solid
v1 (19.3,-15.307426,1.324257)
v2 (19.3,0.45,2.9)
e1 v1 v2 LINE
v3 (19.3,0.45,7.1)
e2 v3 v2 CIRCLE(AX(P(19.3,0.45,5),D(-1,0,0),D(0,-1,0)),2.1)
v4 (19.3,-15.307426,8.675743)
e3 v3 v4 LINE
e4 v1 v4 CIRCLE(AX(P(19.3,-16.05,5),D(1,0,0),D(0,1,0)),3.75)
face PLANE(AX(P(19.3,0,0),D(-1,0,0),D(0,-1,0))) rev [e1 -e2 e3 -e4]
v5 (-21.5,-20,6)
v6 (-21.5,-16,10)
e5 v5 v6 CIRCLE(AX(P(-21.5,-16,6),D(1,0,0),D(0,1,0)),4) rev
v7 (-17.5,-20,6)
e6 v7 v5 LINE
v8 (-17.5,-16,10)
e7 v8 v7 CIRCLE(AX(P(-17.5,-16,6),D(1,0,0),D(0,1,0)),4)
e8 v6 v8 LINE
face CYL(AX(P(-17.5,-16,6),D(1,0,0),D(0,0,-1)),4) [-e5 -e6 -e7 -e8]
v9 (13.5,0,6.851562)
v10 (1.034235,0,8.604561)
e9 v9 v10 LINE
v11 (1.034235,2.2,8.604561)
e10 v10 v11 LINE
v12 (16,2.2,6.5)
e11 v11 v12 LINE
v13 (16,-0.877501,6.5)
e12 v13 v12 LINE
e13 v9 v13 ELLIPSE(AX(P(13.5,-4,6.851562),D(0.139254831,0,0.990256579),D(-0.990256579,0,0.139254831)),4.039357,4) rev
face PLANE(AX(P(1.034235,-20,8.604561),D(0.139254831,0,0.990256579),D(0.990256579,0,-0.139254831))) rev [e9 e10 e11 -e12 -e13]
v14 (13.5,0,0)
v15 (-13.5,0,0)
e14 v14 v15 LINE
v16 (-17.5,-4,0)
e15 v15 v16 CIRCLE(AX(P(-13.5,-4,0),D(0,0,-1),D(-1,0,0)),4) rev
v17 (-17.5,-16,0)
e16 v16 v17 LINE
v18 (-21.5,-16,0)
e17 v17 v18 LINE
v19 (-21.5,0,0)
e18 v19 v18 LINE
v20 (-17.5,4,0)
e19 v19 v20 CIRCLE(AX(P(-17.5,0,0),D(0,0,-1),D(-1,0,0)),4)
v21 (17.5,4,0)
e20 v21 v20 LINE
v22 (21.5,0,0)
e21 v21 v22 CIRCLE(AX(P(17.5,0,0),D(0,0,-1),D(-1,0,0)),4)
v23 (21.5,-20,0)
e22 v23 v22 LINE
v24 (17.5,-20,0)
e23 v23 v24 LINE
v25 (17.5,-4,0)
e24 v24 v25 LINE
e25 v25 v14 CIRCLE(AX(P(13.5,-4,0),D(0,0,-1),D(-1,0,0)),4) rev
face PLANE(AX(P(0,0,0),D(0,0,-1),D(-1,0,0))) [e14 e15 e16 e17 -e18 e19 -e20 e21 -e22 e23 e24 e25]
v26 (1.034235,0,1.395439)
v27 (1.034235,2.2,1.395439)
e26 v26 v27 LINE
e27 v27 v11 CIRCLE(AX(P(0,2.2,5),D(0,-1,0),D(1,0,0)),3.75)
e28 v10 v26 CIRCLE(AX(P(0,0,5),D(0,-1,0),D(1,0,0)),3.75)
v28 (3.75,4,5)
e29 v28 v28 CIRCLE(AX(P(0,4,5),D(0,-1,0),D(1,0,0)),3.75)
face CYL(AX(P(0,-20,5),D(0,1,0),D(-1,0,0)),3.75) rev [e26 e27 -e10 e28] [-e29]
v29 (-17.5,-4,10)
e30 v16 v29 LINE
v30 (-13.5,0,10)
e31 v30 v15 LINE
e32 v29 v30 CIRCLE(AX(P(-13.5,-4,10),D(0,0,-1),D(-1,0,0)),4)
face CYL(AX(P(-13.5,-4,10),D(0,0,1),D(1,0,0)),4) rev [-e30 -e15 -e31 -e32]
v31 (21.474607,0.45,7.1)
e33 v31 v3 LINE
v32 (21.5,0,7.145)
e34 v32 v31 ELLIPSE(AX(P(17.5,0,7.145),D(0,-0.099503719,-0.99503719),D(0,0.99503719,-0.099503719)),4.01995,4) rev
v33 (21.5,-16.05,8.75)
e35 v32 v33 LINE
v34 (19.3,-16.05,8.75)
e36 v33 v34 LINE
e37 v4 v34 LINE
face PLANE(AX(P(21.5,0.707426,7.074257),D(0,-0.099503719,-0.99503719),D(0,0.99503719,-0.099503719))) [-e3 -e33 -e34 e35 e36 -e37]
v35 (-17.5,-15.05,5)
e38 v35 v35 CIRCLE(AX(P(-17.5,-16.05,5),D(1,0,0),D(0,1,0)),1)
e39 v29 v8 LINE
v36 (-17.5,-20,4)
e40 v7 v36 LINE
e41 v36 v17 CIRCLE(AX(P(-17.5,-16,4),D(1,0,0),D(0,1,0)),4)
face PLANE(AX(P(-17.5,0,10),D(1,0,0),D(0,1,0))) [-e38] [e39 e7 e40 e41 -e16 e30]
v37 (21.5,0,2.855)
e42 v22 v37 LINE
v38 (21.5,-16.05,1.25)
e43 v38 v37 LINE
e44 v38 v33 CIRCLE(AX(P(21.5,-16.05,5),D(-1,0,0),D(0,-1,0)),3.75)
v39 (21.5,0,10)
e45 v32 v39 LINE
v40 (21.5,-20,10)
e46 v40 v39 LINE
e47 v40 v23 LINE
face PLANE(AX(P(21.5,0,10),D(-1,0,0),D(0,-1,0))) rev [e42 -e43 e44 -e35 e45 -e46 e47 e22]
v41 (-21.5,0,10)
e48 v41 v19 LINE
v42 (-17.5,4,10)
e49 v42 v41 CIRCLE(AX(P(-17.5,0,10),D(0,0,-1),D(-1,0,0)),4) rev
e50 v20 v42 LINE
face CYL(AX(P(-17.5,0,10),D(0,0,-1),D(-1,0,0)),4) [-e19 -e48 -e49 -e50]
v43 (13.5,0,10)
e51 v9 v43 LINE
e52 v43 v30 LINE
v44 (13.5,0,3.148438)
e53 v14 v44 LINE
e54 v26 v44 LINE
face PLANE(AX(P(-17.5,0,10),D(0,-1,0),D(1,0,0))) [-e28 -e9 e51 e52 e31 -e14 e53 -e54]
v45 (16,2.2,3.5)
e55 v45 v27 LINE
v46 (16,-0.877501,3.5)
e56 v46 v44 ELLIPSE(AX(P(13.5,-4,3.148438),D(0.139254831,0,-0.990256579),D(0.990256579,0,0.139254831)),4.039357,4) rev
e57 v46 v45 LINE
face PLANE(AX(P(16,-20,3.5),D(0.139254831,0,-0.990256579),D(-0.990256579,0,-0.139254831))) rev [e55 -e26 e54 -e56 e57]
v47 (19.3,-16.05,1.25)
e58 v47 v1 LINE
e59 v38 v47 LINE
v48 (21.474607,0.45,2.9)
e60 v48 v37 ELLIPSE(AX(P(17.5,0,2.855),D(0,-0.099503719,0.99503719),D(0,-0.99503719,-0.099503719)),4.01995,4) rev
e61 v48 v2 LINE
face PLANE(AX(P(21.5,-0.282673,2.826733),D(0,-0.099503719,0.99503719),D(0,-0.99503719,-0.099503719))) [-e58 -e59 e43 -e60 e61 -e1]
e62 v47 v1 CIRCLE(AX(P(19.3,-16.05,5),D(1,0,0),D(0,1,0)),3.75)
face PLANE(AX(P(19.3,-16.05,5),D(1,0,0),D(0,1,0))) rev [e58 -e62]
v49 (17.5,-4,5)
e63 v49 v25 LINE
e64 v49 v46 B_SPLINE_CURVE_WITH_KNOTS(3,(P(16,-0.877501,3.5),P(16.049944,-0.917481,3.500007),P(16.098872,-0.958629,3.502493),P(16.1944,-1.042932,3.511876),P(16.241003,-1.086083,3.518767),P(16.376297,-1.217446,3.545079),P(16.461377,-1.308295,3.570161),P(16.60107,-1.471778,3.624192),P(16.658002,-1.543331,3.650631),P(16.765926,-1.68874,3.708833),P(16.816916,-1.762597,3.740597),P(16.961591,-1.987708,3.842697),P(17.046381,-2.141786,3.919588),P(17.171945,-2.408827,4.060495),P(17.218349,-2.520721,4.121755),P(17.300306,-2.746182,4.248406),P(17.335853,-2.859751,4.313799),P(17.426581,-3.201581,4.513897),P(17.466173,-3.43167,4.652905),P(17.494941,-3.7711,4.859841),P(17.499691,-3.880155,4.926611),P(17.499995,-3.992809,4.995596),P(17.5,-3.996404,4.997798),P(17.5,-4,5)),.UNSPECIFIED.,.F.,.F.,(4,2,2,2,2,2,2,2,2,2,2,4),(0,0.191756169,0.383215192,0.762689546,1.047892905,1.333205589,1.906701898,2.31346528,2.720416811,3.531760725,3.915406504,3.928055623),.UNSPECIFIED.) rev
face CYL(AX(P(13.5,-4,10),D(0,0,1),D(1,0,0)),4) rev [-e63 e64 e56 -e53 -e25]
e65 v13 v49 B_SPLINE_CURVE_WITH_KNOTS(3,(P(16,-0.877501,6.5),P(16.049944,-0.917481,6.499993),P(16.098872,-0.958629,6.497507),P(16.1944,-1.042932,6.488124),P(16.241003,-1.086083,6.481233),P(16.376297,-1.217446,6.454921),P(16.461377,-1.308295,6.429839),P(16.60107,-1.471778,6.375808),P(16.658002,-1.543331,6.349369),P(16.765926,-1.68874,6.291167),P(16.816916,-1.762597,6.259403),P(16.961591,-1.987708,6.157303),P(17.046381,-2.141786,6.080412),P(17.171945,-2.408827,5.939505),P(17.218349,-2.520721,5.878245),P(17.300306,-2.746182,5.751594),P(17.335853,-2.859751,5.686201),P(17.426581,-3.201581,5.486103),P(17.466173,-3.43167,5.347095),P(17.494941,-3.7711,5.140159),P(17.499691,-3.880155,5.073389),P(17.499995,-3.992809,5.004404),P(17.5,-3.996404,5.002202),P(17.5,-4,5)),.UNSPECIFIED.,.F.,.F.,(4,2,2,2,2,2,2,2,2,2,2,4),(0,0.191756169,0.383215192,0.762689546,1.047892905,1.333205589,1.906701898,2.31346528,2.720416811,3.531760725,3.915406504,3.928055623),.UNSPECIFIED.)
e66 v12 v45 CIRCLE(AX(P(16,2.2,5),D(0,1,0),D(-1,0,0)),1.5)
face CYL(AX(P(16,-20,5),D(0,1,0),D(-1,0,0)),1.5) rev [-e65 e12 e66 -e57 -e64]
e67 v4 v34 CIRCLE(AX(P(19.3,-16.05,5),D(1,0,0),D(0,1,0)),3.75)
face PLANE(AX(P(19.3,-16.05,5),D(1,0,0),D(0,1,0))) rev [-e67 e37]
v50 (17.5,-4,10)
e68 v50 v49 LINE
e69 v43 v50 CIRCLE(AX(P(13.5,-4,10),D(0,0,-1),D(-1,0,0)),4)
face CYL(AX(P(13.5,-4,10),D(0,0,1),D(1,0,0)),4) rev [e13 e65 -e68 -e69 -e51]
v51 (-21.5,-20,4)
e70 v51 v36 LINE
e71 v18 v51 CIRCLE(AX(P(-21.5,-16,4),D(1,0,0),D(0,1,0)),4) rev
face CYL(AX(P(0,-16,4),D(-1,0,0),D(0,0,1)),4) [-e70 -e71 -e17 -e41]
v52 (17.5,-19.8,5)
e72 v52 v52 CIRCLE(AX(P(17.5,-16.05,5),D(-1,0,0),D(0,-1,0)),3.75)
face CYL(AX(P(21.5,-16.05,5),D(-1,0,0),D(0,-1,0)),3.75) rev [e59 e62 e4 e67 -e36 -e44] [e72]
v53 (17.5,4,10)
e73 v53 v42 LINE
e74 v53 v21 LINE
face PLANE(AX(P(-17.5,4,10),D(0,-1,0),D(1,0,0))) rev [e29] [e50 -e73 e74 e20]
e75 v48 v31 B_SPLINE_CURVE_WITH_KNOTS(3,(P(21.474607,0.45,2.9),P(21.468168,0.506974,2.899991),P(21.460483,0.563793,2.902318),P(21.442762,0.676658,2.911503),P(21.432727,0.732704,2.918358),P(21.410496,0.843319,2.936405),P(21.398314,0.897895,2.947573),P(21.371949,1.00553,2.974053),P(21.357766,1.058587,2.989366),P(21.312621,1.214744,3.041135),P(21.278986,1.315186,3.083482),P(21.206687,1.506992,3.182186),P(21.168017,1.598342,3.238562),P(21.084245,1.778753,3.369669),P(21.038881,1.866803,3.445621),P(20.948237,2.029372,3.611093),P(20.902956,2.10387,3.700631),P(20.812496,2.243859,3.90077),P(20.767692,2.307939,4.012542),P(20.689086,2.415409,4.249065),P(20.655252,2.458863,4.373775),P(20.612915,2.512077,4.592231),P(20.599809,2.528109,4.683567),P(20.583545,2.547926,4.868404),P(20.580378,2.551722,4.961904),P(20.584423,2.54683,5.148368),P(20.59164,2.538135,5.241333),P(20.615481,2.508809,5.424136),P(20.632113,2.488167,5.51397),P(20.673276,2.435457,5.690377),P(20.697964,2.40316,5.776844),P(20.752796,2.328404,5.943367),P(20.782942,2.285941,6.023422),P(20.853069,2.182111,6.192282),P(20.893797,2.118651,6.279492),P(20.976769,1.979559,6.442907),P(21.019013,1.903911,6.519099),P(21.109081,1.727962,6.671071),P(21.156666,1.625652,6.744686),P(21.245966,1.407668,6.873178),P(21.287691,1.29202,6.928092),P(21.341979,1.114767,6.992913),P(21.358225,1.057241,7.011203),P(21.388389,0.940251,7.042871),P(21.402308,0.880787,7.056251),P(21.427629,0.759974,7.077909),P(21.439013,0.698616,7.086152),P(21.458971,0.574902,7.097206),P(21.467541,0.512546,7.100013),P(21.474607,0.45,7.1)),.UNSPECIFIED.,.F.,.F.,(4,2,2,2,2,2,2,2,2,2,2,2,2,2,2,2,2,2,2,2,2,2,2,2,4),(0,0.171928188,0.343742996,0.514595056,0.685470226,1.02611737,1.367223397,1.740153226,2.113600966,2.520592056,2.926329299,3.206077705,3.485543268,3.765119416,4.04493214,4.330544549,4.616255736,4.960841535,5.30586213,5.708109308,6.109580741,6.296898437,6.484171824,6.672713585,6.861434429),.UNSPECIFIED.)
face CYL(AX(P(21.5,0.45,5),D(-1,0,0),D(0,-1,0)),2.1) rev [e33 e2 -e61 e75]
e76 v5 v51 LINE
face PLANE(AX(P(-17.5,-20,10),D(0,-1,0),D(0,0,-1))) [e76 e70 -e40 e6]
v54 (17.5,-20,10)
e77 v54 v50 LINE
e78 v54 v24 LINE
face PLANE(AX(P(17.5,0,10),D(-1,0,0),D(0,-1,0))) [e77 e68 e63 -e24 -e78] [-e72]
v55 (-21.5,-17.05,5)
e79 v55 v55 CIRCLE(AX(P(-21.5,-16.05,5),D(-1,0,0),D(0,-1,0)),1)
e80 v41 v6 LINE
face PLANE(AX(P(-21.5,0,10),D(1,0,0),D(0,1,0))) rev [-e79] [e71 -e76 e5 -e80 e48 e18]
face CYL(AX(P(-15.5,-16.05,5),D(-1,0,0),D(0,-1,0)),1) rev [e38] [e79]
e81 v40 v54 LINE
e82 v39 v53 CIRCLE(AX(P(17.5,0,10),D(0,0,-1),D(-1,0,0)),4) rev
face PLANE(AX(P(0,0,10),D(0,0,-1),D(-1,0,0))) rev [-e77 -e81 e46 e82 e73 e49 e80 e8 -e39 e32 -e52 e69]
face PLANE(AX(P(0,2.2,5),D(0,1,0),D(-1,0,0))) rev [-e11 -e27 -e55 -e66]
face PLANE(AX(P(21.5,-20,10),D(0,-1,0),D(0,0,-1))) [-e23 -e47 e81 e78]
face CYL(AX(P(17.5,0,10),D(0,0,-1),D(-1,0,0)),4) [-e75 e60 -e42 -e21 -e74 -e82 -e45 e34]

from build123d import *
from build123d.topology import SkipClean

# Parameters (mm, degrees)
EXTRUDE_THIN1_DEPTH = 10
FILLET1_R           = 4
CUT_EXTRUDE1_START  = -1.8
CUT_EXTRUDE1_DEPTH  = 44.155533586
CUT_EXTRUDE7_START  = -10
SKETCH10_R          = 3.75
CUT_EXTRUDE7_DEPTH  = 10
SKETCH4_R           = 1
CUT_EXTRUDE2_DEPTH  = 6
FILLET2_R           = 4
CUT_EXTRUDE5_START  = -1.8
CUT_EXTRUDE5_DEPTH  = 32.937960909
CUT_EXTRUDE9_START  = -10
SKETCH12_R          = 3.75
CUT_EXTRUDE9_DEPTH  = 10


with BuildPart() as part:
    # Sketch1 → Extrude-Thin1 (new body)
    with BuildSketch(Plane.XY):
        Polygon((-17.5, -20), (-17.5, 0), (17.5, 0), (17.5, -20), (21.5, -20), (21.5, 4), (-21.5, 4), (-21.5, -20), align=None)
    extrude(amount=EXTRUDE_THIN1_DEPTH)

    # Fillet1
    fillet1_edges = [part.edges().sort_by_distance(p)[0] for p in [
        (-21.5, 4, 5),
        (21.5, 4, 5),
        (17.5, 0, 5),
        (-17.5, 0, 5),
    ]]
    fillet(fillet1_edges, radius=FILLET1_R)

    # Sketch3 → Cut-Extrude1 (cut, through all)
    with BuildSketch(Plane.ZY.offset(-17.5).offset(CUT_EXTRUDE1_START)):
        with BuildLine():
            Line((1.324257426, -15.307425743), (1.25, -16.05))
            ThreePointArc((1.25, -16.05), (5, -19.8), (8.75, -16.05))
            Line((8.75, -16.05), (8.675742574, -15.307425743))
            Line((8.675742574, -15.307425743), (7.545, -4))
            Line((7.545, -4), (2.455, -4))
            Line((2.455, -4), (1.324257426, -15.307425743))
        make_face()
        with BuildLine():
            Line((2.9, 0.45), (2.455, -4))
            Line((2.455, -4), (7.545, -4))
            Line((7.545, -4), (7.1, 0.45))
            ThreePointArc((7.1, 0.45), (5, 2.55), (2.9, 0.45))
        make_face()
    extrude(amount=-CUT_EXTRUDE1_DEPTH, mode=Mode.SUBTRACT)

    # Sketch10 → Cut-Extrude7 (cut)
    with BuildSketch(Plane(origin=(19.3, 0, 0), x_dir=(0, 0, -1), z_dir=(1, 0, 0)).offset(CUT_EXTRUDE7_START)):
        with Locations(Location((-5, -16.05, 0), (0, 0, 270))):
            Circle(SKETCH10_R)
    extrude(amount=CUT_EXTRUDE7_DEPTH, mode=Mode.SUBTRACT)

    # Sketch4 → Cut-Extrude2 (cut)
    with BuildSketch(Plane.ZY.offset(21.5)):
        with Locations(Location((5, -16.05, 0), (0, 0, 270))):
            Circle(SKETCH4_R)
    extrude(amount=-CUT_EXTRUDE2_DEPTH, mode=Mode.SUBTRACT)

    # Fillet2
    fillet2_edges = [part.edges().sort_by_distance(p)[0] for p in [
        (-19.5, -20, 10),
        (-19.5, -20, 0),
    ]]
    fillet(fillet2_edges, radius=FILLET2_R)

    # Sketch8 → Cut-Extrude5 (cut, through all)
    with BuildSketch(Plane(origin=(0, 4, 0), x_dir=(1, 0, 0), z_dir=(0, 1, 0)).offset(CUT_EXTRUDE5_START)):
        with BuildLine():
            Line((1.034235097, -8.604560689), (16, -6.5))
            ThreePointArc((16, -6.5), (17.5, -5), (16, -3.5))
            Line((16, -3.5), (1.034235097, -1.395439311))
            ThreePointArc((1.034235097, -1.395439311), (-3.75, -5), (1.034235097, -8.604560689))
        make_face()
    extrude(amount=-CUT_EXTRUDE5_DEPTH, mode=Mode.SUBTRACT)

    # Sketch12 → Cut-Extrude9 (cut)
    with SkipClean():  # the faces are left unmerged after this step: merging them gives an invalid solid
        with BuildSketch(Plane.XZ.offset(-2.2).offset(CUT_EXTRUDE9_START)):
            with Locations(Location((0, 5, 0), (0, 0, 73.990542285))):
                Circle(SKETCH12_R)
        extrude(amount=CUT_EXTRUDE9_DEPTH, mode=Mode.SUBTRACT)


solid = part.part
